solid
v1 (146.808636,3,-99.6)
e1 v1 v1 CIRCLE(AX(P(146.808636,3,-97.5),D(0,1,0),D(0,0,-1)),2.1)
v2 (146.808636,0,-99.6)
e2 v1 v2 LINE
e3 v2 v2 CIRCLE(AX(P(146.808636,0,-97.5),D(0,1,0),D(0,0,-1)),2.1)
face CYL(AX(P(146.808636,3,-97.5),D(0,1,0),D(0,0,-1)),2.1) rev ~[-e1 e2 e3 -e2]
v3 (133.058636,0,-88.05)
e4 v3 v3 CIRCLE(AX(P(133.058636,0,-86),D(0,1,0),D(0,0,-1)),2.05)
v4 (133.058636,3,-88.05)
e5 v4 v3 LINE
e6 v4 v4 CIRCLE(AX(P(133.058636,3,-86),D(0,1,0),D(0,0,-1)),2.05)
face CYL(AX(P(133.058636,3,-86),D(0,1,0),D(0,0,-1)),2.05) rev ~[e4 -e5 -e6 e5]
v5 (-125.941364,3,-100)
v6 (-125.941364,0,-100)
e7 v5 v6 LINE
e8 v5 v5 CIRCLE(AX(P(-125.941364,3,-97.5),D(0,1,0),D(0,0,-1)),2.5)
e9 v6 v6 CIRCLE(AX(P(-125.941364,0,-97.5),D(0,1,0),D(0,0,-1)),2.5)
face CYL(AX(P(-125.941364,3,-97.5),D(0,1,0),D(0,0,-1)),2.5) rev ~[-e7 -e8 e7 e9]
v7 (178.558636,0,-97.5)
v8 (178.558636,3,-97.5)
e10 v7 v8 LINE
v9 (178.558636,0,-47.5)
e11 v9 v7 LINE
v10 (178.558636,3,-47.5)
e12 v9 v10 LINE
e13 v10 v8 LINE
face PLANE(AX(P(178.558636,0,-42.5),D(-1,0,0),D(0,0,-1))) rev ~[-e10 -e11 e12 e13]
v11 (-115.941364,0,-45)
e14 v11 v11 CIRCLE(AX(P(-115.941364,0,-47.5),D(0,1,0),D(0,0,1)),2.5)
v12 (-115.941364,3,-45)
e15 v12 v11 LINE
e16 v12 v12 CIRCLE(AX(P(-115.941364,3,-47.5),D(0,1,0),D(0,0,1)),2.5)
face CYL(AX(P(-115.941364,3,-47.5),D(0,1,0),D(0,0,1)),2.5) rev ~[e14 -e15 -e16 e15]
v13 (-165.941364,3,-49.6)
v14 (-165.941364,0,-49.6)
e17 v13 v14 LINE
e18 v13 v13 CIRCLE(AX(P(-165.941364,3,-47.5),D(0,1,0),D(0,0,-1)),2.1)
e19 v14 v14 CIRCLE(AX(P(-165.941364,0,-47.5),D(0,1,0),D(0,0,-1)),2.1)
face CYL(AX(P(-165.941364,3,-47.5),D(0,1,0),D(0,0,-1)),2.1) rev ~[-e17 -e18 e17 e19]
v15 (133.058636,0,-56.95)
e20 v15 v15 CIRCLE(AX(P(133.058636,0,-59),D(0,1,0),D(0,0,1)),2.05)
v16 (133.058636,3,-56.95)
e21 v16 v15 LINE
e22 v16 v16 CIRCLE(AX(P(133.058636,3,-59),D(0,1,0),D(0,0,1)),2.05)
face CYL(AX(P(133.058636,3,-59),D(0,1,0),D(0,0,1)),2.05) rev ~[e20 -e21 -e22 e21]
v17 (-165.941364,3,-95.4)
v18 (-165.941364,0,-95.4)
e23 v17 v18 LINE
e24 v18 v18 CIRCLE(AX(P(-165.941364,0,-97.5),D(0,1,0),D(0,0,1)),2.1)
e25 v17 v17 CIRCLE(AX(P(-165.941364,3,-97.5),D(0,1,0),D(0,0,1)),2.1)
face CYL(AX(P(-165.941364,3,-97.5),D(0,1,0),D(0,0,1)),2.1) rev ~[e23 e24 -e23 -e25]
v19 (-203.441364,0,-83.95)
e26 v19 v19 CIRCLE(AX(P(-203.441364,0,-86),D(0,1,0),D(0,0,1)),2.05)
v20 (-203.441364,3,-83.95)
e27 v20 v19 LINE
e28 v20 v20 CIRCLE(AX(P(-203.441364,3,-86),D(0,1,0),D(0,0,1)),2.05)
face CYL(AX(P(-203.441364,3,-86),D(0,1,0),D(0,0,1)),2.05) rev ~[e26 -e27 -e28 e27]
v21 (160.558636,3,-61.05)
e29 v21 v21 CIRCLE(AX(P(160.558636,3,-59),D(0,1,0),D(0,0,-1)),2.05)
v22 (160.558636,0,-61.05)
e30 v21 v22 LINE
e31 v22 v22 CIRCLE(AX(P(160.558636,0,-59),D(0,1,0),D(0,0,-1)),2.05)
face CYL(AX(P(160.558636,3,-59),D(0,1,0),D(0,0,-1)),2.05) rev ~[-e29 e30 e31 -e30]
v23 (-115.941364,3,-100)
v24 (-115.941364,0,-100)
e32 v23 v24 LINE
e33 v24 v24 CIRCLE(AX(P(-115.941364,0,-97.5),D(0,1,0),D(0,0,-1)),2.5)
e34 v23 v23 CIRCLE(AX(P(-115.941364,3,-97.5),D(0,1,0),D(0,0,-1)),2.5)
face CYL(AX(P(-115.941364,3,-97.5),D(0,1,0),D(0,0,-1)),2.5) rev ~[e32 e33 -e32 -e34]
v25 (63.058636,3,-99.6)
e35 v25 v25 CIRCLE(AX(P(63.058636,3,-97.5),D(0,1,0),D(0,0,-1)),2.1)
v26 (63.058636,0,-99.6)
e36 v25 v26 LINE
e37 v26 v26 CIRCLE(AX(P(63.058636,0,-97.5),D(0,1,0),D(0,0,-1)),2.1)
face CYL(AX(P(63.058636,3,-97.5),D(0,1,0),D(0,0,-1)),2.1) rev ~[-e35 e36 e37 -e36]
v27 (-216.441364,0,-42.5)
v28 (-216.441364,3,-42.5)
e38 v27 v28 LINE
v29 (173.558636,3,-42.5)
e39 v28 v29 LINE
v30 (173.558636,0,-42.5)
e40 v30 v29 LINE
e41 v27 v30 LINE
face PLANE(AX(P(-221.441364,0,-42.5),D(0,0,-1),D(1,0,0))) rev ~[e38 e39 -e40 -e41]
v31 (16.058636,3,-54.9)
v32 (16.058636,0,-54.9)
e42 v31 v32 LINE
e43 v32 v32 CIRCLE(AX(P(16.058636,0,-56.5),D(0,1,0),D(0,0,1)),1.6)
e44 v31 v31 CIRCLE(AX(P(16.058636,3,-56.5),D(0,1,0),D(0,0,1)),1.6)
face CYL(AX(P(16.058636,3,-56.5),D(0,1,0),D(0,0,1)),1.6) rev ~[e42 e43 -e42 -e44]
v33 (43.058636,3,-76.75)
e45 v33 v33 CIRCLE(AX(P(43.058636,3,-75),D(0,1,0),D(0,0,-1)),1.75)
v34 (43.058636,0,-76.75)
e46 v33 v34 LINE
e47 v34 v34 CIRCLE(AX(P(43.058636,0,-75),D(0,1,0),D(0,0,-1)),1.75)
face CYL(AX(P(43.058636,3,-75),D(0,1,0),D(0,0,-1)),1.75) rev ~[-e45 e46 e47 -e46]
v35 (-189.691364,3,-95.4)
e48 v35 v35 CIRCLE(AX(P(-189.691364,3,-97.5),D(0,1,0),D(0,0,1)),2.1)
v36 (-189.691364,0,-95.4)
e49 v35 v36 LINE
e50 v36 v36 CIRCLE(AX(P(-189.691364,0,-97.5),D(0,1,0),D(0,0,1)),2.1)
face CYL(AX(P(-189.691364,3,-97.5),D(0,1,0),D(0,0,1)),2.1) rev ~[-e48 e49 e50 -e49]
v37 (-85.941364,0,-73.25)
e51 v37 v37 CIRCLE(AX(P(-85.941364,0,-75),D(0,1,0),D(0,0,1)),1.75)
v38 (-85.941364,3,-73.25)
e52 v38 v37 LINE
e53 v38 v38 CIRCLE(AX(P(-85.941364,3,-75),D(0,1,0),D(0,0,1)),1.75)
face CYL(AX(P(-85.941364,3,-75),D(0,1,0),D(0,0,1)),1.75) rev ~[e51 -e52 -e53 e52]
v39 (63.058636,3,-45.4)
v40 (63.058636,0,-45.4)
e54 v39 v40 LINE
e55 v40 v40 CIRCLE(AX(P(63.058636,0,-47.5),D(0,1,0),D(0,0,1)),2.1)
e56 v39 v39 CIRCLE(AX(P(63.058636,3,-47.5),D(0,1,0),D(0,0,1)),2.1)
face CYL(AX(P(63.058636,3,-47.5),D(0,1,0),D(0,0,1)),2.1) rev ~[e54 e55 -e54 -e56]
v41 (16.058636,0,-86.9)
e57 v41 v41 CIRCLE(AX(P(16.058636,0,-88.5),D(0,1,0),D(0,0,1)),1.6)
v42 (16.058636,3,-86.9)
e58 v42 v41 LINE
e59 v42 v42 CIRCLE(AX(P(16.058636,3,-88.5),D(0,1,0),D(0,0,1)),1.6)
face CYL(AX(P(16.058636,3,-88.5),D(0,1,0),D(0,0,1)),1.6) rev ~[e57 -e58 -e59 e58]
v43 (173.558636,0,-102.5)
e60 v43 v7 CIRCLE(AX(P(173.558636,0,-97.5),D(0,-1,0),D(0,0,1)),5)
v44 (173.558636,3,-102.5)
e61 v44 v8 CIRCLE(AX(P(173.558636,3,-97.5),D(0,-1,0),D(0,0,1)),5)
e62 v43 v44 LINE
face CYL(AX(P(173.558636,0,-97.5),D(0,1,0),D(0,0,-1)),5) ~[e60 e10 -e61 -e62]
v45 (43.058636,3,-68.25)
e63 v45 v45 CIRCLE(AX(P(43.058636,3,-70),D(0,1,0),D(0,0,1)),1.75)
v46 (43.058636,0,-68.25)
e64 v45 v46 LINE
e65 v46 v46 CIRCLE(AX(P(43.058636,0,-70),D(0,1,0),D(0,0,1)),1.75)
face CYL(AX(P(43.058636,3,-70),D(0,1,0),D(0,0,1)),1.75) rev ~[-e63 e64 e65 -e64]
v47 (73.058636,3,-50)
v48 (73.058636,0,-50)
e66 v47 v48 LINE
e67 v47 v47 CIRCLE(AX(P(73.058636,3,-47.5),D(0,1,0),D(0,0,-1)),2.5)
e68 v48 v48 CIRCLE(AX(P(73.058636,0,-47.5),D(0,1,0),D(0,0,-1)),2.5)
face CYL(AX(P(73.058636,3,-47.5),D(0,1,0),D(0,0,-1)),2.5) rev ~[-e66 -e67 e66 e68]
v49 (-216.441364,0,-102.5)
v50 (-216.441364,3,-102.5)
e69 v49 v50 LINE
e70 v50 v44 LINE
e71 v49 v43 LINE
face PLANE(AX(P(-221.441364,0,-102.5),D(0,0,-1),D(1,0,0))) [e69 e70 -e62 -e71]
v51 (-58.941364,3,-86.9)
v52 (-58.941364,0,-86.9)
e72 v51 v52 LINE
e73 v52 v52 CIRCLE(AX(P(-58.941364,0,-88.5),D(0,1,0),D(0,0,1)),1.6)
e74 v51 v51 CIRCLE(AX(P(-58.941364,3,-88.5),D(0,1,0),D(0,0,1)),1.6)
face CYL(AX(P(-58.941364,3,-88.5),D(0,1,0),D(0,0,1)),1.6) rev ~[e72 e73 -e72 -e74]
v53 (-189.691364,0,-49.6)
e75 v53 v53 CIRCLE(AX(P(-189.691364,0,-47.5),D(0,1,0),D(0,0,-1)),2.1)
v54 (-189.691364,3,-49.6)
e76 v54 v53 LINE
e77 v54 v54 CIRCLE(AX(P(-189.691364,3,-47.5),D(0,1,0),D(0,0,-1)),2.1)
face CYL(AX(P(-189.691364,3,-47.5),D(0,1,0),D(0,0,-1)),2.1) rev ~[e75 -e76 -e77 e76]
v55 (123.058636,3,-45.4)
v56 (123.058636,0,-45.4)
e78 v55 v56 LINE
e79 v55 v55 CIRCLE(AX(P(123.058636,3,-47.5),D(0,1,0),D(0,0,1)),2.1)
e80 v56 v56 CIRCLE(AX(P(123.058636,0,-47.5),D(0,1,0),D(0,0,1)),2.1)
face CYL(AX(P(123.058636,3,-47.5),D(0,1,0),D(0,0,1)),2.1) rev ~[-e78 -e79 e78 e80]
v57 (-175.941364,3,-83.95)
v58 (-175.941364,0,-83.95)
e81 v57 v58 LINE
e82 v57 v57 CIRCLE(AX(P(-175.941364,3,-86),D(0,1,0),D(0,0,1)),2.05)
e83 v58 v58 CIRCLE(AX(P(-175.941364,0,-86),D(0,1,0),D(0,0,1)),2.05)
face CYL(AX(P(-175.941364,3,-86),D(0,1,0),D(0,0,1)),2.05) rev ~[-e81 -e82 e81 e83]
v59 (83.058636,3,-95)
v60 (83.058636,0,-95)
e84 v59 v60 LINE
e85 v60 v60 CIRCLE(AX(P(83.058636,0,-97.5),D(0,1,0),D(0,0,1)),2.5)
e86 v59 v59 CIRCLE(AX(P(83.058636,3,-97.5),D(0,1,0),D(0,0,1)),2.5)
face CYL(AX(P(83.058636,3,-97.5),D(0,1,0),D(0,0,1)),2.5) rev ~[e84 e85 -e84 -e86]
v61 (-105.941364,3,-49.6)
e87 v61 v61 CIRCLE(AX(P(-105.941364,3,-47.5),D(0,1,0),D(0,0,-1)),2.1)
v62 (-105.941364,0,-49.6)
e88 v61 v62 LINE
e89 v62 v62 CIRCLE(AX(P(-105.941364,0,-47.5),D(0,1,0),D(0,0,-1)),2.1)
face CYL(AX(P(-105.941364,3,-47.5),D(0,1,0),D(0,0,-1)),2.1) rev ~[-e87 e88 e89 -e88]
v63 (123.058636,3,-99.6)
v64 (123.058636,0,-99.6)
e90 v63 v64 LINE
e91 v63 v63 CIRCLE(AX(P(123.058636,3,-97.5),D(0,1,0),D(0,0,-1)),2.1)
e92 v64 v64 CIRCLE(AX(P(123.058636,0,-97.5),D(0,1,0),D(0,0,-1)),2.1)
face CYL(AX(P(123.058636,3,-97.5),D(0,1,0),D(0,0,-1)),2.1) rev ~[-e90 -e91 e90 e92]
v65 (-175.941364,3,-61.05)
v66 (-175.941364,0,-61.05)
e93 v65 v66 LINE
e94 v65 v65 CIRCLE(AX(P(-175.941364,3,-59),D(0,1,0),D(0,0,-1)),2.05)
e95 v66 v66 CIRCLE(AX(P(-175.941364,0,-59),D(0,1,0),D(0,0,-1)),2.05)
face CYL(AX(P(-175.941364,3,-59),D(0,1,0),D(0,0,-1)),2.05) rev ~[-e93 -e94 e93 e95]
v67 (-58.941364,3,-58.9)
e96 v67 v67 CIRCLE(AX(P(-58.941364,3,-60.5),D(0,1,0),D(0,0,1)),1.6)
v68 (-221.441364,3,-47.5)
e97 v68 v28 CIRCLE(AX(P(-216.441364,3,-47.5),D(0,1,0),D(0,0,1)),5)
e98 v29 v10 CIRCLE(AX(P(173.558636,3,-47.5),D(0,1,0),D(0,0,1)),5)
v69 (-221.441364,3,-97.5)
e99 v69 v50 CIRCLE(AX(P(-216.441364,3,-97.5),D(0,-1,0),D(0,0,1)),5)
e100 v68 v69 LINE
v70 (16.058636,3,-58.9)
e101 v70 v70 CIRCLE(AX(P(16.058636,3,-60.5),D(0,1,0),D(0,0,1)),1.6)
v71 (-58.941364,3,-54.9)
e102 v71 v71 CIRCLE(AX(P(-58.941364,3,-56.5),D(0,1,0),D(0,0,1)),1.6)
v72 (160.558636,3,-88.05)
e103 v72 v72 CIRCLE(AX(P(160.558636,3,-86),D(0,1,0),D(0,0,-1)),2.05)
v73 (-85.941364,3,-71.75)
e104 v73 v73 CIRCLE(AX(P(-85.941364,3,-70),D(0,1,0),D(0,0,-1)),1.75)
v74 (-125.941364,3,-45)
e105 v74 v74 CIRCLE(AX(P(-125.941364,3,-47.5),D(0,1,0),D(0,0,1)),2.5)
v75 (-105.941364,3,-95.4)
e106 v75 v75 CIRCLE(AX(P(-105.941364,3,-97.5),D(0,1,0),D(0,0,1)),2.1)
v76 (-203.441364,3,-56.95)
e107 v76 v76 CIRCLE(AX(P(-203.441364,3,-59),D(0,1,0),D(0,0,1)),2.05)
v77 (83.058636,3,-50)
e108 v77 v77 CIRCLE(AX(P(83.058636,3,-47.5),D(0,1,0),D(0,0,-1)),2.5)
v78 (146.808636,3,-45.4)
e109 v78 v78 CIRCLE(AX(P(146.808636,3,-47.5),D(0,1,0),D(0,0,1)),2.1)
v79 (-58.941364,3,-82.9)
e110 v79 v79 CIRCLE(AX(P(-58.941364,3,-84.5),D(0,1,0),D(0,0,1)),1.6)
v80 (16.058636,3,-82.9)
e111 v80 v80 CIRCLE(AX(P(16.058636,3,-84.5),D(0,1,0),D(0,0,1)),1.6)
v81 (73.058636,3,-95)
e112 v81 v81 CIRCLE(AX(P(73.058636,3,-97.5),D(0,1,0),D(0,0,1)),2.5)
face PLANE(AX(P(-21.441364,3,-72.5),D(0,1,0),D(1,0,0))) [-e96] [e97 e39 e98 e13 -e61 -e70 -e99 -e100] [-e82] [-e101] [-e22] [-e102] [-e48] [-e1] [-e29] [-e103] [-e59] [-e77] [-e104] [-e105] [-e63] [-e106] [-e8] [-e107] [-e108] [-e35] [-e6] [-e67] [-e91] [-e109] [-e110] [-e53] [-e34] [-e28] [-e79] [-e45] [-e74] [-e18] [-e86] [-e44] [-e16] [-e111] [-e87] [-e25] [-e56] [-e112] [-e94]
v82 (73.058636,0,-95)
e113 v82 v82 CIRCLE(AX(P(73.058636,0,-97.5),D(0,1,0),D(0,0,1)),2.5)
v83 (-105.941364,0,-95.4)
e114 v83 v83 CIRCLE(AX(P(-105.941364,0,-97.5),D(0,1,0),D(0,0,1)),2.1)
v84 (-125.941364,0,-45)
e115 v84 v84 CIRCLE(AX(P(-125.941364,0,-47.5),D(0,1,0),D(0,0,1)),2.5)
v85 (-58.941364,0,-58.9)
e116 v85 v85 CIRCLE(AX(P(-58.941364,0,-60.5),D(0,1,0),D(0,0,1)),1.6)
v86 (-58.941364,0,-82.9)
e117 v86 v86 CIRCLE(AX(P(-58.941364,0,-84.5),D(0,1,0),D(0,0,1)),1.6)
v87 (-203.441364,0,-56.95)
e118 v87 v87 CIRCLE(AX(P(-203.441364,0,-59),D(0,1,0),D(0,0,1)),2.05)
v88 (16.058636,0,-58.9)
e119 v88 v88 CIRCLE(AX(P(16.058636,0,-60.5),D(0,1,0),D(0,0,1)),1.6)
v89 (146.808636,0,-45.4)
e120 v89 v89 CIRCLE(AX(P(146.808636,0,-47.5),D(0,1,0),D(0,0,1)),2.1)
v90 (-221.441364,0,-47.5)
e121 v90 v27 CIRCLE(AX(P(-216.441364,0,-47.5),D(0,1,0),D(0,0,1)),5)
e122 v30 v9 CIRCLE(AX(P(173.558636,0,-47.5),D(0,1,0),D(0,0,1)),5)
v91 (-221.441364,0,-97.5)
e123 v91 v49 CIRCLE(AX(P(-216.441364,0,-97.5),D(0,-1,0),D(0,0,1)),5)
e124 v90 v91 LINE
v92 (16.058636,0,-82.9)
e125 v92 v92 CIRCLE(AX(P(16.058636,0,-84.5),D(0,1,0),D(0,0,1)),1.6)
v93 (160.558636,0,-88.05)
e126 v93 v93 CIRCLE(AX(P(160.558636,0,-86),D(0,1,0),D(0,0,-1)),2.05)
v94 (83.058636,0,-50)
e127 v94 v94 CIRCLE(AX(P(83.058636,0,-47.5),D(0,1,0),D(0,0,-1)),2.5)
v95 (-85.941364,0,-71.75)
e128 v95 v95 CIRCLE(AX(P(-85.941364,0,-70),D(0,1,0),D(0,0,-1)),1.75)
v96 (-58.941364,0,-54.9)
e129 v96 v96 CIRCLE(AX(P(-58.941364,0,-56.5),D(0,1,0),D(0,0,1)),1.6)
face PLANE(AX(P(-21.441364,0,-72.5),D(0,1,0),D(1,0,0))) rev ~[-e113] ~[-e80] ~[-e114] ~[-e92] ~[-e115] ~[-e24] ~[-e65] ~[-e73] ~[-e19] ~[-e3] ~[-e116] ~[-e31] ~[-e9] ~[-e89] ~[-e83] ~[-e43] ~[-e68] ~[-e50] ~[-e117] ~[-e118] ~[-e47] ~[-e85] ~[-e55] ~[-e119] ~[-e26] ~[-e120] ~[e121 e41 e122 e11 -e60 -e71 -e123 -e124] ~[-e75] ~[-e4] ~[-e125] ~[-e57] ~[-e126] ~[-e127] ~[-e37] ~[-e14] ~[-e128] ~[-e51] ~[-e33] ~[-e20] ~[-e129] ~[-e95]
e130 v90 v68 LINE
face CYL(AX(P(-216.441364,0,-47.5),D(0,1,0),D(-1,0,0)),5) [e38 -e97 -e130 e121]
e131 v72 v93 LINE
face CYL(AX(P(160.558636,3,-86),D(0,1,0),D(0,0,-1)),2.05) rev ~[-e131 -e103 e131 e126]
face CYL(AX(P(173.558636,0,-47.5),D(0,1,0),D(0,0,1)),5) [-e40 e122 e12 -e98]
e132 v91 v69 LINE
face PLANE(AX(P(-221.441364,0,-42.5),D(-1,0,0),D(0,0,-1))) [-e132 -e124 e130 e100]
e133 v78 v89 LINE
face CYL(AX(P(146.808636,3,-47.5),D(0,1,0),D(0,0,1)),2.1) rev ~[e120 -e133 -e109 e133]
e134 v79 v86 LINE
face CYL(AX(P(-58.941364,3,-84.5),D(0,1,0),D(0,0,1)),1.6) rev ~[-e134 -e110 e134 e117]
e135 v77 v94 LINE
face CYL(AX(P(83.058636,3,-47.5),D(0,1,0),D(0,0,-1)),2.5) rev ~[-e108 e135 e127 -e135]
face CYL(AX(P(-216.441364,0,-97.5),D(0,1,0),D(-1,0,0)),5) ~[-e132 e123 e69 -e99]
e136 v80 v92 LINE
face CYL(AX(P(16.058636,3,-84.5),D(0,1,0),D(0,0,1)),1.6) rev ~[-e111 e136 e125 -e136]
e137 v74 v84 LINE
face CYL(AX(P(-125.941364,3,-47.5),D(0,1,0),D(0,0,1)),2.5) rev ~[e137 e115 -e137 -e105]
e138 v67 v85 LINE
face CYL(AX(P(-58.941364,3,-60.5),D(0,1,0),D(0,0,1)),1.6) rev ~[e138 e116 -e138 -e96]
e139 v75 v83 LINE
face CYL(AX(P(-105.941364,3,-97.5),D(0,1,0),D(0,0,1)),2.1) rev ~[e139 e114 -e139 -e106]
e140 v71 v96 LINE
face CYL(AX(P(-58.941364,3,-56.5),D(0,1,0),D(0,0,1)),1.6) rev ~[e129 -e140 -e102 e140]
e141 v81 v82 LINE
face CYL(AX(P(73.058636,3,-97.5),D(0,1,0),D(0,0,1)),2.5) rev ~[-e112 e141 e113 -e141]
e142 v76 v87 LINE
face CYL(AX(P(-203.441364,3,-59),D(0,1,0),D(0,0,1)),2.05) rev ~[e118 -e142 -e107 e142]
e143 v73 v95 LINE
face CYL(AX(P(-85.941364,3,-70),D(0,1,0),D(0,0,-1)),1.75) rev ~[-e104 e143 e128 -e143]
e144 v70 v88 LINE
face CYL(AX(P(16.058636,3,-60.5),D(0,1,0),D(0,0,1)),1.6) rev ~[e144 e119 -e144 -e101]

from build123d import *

# Parameters (mm, degrees)
SKETCH_1_W             = 400
SKETCH_1_H             = 60
EXTRUDE_1_DEPTH        = 3
SKETCH_2_R             = 2.05
SKETCH_2_R_2           = 2.1
CUT_EXTRUDE_1_DEPTH    = 245.031817222
SKETCH_3_R             = 1.6
CUT_EXTRUDE_1864_DEPTH = 10
SKETCH_4_R             = 1.75
SKETCH_4_R_2           = 2.5
CUT_EXTRUDE_2_DEPTH    = 245.031817222
FILLET_1_R             = 5


with BuildPart() as part:
    # 草图1 → 凸台-拉伸1 (new body)
    with BuildSketch(Plane(origin=(0, 0, 0), x_dir=(1, 0, 0), z_dir=(0, 1, 0))):
        with Locations((-21.441364286, 72.5)):
            Rectangle(SKETCH_1_W, SKETCH_1_H)
    extrude(amount=EXTRUDE_1_DEPTH)

    # 草图2 → 切除-拉伸1 (cut, through all)
    with BuildSketch(Plane(origin=(0, 3, 0), x_dir=(1, 0, 0), z_dir=(0, 1, 0))):
        with Locations(Location((-203.441364286, 86, 0), (0, 0, 270))):
            Circle(SKETCH_2_R)
        with Locations(Location((-203.441364286, 59, 0), (0, 0, 270))):
            Circle(SKETCH_2_R)
        with Locations(Location((-175.941364286, 86, 0), (0, 0, 270))):
            Circle(SKETCH_2_R)
        with Locations(Location((-175.941364286, 59, 0), (0, 0, 90))):
            Circle(SKETCH_2_R)
        with Locations(Location((-105.941364286, 97.5, 0), (0, 0, 270))):
            Circle(SKETCH_2_R_2)
        with Locations(Location((-165.941364286, 97.5, 0), (0, 0, 270))):
            Circle(SKETCH_2_R_2)
        with Locations(Location((-105.941364286, 47.5, 0), (0, 0, 90))):
            Circle(SKETCH_2_R_2)
        with Locations(Location((-165.941364286, 47.5, 0), (0, 0, 90))):
            Circle(SKETCH_2_R_2)
        with Locations(Location((-189.691364286, 97.5, 0), (0, 0, 270))):
            Circle(SKETCH_2_R_2)
        with Locations(Location((-189.691364286, 47.5, 0), (0, 0, 90))):
            Circle(SKETCH_2_R_2)
        with Locations(Location((133.058635714, 86, 0), (0, 0, 90))):
            Circle(SKETCH_2_R)
        with Locations(Location((146.808635714, 47.5, 0), (0, 0, 270))):
            Circle(SKETCH_2_R_2)
        with Locations(Location((160.558635714, 59, 0), (0, 0, 90))):
            Circle(SKETCH_2_R)
        with Locations(Location((133.058635714, 59, 0), (0, 0, 270))):
            Circle(SKETCH_2_R)
        with Locations(Location((123.058635714, 47.5, 0), (0, 0, 270))):
            Circle(SKETCH_2_R_2)
        with Locations(Location((63.058635714, 47.5, 0), (0, 0, 270))):
            Circle(SKETCH_2_R_2)
        with Locations(Location((63.058635714, 97.5, 0), (0, 0, 90))):
            Circle(SKETCH_2_R_2)
        with Locations(Location((123.058635714, 97.5, 0), (0, 0, 90))):
            Circle(SKETCH_2_R_2)
        with Locations(Location((146.808635714, 97.5, 0), (0, 0, 90))):
            Circle(SKETCH_2_R_2)
        with Locations(Location((160.558635714, 86, 0), (0, 0, 90))):
            Circle(SKETCH_2_R)
    extrude(amount=-CUT_EXTRUDE_1_DEPTH, mode=Mode.SUBTRACT)

    # 草图3 → Cut-Extrude 1864 (cut)
    with BuildSketch(Plane(origin=(0, 3, 0), x_dir=(1, 0, 0), z_dir=(0, 1, 0))):
        with Locations(Location((-58.941364286, 88.5, 0), (0, 0, 270))):
            Circle(SKETCH_3_R)
        with Locations(Location((16.058635714, 88.5, 0), (0, 0, 270))):
            Circle(SKETCH_3_R)
        with Locations(Location((16.058635714, 56.5, 0), (0, 0, 270))):
            Circle(SKETCH_3_R)
        with Locations(Location((-58.941364286, 56.5, 0), (0, 0, 270))):
            Circle(SKETCH_3_R)
        with Locations(Location((-58.941364286, 84.5, 0), (0, 0, 270))):
            Circle(SKETCH_3_R)
        with Locations(Location((-58.941364286, 60.5, 0), (0, 0, 270))):
            Circle(SKETCH_3_R)
        with Locations(Location((16.058635714, 60.5, 0), (0, 0, 270))):
            Circle(SKETCH_3_R)
        with Locations(Location((16.058635714, 84.5, 0), (0, 0, 270))):
            Circle(SKETCH_3_R)
    extrude(amount=-CUT_EXTRUDE_1864_DEPTH, mode=Mode.SUBTRACT)

    # 草图4 → 切除-拉伸2 (cut, through all)
    with BuildSketch(Plane(origin=(0, 3, 0), x_dir=(1, 0, 0), z_dir=(0, 1, 0))):
        with Locations(Location((-85.941364286, 75, 0), (0, 0, 270))):
            Circle(SKETCH_4_R)
        with Locations(Location((-85.941364286, 70, 0), (0, 0, 90))):
            Circle(SKETCH_4_R)
        with Locations(Location((43.058635714, 70, 0), (0, 0, 270))):
            Circle(SKETCH_4_R)
        with Locations(Location((43.058635714, 75, 0), (0, 0, 90))):
            Circle(SKETCH_4_R)
        with Locations(Location((-115.941364286, 47.5, 0), (0, 0, 270))):
            Circle(SKETCH_4_R_2)
        with Locations(Location((-125.941364286, 47.5, 0), (0, 0, 270))):
            Circle(SKETCH_4_R_2)
        with Locations(Location((-115.941364286, 97.5, 0), (0, 0, 90))):
            Circle(SKETCH_4_R_2)
        with Locations(Location((-125.941364286, 97.5, 0), (0, 0, 90))):
            Circle(SKETCH_4_R_2)
        with Locations(Location((73.058635714, 47.5, 0), (0, 0, 90))):
            Circle(SKETCH_4_R_2)
        with Locations(Location((83.058635714, 47.5, 0), (0, 0, 90))):
            Circle(SKETCH_4_R_2)
        with Locations(Location((73.058635714, 97.5, 0), (0, 0, 270))):
            Circle(SKETCH_4_R_2)
        with Locations(Location((83.058635714, 97.5, 0), (0, 0, 270))):
            Circle(SKETCH_4_R_2)
    extrude(amount=-CUT_EXTRUDE_2_DEPTH, mode=Mode.SUBTRACT)

    # 圆角1
    fillet_1_edges = [part.edges().sort_by_distance(p)[0] for p in [
        (-221.441364286, 1.5, -42.5),
        (-221.441364286, 1.5, -102.5),
        (178.558635714, 1.5, -102.5),
        (178.558635714, 1.5, -42.5),
    ]]
    fillet(fillet_1_edges, radius=FILLET_1_R)


solid = part.part
